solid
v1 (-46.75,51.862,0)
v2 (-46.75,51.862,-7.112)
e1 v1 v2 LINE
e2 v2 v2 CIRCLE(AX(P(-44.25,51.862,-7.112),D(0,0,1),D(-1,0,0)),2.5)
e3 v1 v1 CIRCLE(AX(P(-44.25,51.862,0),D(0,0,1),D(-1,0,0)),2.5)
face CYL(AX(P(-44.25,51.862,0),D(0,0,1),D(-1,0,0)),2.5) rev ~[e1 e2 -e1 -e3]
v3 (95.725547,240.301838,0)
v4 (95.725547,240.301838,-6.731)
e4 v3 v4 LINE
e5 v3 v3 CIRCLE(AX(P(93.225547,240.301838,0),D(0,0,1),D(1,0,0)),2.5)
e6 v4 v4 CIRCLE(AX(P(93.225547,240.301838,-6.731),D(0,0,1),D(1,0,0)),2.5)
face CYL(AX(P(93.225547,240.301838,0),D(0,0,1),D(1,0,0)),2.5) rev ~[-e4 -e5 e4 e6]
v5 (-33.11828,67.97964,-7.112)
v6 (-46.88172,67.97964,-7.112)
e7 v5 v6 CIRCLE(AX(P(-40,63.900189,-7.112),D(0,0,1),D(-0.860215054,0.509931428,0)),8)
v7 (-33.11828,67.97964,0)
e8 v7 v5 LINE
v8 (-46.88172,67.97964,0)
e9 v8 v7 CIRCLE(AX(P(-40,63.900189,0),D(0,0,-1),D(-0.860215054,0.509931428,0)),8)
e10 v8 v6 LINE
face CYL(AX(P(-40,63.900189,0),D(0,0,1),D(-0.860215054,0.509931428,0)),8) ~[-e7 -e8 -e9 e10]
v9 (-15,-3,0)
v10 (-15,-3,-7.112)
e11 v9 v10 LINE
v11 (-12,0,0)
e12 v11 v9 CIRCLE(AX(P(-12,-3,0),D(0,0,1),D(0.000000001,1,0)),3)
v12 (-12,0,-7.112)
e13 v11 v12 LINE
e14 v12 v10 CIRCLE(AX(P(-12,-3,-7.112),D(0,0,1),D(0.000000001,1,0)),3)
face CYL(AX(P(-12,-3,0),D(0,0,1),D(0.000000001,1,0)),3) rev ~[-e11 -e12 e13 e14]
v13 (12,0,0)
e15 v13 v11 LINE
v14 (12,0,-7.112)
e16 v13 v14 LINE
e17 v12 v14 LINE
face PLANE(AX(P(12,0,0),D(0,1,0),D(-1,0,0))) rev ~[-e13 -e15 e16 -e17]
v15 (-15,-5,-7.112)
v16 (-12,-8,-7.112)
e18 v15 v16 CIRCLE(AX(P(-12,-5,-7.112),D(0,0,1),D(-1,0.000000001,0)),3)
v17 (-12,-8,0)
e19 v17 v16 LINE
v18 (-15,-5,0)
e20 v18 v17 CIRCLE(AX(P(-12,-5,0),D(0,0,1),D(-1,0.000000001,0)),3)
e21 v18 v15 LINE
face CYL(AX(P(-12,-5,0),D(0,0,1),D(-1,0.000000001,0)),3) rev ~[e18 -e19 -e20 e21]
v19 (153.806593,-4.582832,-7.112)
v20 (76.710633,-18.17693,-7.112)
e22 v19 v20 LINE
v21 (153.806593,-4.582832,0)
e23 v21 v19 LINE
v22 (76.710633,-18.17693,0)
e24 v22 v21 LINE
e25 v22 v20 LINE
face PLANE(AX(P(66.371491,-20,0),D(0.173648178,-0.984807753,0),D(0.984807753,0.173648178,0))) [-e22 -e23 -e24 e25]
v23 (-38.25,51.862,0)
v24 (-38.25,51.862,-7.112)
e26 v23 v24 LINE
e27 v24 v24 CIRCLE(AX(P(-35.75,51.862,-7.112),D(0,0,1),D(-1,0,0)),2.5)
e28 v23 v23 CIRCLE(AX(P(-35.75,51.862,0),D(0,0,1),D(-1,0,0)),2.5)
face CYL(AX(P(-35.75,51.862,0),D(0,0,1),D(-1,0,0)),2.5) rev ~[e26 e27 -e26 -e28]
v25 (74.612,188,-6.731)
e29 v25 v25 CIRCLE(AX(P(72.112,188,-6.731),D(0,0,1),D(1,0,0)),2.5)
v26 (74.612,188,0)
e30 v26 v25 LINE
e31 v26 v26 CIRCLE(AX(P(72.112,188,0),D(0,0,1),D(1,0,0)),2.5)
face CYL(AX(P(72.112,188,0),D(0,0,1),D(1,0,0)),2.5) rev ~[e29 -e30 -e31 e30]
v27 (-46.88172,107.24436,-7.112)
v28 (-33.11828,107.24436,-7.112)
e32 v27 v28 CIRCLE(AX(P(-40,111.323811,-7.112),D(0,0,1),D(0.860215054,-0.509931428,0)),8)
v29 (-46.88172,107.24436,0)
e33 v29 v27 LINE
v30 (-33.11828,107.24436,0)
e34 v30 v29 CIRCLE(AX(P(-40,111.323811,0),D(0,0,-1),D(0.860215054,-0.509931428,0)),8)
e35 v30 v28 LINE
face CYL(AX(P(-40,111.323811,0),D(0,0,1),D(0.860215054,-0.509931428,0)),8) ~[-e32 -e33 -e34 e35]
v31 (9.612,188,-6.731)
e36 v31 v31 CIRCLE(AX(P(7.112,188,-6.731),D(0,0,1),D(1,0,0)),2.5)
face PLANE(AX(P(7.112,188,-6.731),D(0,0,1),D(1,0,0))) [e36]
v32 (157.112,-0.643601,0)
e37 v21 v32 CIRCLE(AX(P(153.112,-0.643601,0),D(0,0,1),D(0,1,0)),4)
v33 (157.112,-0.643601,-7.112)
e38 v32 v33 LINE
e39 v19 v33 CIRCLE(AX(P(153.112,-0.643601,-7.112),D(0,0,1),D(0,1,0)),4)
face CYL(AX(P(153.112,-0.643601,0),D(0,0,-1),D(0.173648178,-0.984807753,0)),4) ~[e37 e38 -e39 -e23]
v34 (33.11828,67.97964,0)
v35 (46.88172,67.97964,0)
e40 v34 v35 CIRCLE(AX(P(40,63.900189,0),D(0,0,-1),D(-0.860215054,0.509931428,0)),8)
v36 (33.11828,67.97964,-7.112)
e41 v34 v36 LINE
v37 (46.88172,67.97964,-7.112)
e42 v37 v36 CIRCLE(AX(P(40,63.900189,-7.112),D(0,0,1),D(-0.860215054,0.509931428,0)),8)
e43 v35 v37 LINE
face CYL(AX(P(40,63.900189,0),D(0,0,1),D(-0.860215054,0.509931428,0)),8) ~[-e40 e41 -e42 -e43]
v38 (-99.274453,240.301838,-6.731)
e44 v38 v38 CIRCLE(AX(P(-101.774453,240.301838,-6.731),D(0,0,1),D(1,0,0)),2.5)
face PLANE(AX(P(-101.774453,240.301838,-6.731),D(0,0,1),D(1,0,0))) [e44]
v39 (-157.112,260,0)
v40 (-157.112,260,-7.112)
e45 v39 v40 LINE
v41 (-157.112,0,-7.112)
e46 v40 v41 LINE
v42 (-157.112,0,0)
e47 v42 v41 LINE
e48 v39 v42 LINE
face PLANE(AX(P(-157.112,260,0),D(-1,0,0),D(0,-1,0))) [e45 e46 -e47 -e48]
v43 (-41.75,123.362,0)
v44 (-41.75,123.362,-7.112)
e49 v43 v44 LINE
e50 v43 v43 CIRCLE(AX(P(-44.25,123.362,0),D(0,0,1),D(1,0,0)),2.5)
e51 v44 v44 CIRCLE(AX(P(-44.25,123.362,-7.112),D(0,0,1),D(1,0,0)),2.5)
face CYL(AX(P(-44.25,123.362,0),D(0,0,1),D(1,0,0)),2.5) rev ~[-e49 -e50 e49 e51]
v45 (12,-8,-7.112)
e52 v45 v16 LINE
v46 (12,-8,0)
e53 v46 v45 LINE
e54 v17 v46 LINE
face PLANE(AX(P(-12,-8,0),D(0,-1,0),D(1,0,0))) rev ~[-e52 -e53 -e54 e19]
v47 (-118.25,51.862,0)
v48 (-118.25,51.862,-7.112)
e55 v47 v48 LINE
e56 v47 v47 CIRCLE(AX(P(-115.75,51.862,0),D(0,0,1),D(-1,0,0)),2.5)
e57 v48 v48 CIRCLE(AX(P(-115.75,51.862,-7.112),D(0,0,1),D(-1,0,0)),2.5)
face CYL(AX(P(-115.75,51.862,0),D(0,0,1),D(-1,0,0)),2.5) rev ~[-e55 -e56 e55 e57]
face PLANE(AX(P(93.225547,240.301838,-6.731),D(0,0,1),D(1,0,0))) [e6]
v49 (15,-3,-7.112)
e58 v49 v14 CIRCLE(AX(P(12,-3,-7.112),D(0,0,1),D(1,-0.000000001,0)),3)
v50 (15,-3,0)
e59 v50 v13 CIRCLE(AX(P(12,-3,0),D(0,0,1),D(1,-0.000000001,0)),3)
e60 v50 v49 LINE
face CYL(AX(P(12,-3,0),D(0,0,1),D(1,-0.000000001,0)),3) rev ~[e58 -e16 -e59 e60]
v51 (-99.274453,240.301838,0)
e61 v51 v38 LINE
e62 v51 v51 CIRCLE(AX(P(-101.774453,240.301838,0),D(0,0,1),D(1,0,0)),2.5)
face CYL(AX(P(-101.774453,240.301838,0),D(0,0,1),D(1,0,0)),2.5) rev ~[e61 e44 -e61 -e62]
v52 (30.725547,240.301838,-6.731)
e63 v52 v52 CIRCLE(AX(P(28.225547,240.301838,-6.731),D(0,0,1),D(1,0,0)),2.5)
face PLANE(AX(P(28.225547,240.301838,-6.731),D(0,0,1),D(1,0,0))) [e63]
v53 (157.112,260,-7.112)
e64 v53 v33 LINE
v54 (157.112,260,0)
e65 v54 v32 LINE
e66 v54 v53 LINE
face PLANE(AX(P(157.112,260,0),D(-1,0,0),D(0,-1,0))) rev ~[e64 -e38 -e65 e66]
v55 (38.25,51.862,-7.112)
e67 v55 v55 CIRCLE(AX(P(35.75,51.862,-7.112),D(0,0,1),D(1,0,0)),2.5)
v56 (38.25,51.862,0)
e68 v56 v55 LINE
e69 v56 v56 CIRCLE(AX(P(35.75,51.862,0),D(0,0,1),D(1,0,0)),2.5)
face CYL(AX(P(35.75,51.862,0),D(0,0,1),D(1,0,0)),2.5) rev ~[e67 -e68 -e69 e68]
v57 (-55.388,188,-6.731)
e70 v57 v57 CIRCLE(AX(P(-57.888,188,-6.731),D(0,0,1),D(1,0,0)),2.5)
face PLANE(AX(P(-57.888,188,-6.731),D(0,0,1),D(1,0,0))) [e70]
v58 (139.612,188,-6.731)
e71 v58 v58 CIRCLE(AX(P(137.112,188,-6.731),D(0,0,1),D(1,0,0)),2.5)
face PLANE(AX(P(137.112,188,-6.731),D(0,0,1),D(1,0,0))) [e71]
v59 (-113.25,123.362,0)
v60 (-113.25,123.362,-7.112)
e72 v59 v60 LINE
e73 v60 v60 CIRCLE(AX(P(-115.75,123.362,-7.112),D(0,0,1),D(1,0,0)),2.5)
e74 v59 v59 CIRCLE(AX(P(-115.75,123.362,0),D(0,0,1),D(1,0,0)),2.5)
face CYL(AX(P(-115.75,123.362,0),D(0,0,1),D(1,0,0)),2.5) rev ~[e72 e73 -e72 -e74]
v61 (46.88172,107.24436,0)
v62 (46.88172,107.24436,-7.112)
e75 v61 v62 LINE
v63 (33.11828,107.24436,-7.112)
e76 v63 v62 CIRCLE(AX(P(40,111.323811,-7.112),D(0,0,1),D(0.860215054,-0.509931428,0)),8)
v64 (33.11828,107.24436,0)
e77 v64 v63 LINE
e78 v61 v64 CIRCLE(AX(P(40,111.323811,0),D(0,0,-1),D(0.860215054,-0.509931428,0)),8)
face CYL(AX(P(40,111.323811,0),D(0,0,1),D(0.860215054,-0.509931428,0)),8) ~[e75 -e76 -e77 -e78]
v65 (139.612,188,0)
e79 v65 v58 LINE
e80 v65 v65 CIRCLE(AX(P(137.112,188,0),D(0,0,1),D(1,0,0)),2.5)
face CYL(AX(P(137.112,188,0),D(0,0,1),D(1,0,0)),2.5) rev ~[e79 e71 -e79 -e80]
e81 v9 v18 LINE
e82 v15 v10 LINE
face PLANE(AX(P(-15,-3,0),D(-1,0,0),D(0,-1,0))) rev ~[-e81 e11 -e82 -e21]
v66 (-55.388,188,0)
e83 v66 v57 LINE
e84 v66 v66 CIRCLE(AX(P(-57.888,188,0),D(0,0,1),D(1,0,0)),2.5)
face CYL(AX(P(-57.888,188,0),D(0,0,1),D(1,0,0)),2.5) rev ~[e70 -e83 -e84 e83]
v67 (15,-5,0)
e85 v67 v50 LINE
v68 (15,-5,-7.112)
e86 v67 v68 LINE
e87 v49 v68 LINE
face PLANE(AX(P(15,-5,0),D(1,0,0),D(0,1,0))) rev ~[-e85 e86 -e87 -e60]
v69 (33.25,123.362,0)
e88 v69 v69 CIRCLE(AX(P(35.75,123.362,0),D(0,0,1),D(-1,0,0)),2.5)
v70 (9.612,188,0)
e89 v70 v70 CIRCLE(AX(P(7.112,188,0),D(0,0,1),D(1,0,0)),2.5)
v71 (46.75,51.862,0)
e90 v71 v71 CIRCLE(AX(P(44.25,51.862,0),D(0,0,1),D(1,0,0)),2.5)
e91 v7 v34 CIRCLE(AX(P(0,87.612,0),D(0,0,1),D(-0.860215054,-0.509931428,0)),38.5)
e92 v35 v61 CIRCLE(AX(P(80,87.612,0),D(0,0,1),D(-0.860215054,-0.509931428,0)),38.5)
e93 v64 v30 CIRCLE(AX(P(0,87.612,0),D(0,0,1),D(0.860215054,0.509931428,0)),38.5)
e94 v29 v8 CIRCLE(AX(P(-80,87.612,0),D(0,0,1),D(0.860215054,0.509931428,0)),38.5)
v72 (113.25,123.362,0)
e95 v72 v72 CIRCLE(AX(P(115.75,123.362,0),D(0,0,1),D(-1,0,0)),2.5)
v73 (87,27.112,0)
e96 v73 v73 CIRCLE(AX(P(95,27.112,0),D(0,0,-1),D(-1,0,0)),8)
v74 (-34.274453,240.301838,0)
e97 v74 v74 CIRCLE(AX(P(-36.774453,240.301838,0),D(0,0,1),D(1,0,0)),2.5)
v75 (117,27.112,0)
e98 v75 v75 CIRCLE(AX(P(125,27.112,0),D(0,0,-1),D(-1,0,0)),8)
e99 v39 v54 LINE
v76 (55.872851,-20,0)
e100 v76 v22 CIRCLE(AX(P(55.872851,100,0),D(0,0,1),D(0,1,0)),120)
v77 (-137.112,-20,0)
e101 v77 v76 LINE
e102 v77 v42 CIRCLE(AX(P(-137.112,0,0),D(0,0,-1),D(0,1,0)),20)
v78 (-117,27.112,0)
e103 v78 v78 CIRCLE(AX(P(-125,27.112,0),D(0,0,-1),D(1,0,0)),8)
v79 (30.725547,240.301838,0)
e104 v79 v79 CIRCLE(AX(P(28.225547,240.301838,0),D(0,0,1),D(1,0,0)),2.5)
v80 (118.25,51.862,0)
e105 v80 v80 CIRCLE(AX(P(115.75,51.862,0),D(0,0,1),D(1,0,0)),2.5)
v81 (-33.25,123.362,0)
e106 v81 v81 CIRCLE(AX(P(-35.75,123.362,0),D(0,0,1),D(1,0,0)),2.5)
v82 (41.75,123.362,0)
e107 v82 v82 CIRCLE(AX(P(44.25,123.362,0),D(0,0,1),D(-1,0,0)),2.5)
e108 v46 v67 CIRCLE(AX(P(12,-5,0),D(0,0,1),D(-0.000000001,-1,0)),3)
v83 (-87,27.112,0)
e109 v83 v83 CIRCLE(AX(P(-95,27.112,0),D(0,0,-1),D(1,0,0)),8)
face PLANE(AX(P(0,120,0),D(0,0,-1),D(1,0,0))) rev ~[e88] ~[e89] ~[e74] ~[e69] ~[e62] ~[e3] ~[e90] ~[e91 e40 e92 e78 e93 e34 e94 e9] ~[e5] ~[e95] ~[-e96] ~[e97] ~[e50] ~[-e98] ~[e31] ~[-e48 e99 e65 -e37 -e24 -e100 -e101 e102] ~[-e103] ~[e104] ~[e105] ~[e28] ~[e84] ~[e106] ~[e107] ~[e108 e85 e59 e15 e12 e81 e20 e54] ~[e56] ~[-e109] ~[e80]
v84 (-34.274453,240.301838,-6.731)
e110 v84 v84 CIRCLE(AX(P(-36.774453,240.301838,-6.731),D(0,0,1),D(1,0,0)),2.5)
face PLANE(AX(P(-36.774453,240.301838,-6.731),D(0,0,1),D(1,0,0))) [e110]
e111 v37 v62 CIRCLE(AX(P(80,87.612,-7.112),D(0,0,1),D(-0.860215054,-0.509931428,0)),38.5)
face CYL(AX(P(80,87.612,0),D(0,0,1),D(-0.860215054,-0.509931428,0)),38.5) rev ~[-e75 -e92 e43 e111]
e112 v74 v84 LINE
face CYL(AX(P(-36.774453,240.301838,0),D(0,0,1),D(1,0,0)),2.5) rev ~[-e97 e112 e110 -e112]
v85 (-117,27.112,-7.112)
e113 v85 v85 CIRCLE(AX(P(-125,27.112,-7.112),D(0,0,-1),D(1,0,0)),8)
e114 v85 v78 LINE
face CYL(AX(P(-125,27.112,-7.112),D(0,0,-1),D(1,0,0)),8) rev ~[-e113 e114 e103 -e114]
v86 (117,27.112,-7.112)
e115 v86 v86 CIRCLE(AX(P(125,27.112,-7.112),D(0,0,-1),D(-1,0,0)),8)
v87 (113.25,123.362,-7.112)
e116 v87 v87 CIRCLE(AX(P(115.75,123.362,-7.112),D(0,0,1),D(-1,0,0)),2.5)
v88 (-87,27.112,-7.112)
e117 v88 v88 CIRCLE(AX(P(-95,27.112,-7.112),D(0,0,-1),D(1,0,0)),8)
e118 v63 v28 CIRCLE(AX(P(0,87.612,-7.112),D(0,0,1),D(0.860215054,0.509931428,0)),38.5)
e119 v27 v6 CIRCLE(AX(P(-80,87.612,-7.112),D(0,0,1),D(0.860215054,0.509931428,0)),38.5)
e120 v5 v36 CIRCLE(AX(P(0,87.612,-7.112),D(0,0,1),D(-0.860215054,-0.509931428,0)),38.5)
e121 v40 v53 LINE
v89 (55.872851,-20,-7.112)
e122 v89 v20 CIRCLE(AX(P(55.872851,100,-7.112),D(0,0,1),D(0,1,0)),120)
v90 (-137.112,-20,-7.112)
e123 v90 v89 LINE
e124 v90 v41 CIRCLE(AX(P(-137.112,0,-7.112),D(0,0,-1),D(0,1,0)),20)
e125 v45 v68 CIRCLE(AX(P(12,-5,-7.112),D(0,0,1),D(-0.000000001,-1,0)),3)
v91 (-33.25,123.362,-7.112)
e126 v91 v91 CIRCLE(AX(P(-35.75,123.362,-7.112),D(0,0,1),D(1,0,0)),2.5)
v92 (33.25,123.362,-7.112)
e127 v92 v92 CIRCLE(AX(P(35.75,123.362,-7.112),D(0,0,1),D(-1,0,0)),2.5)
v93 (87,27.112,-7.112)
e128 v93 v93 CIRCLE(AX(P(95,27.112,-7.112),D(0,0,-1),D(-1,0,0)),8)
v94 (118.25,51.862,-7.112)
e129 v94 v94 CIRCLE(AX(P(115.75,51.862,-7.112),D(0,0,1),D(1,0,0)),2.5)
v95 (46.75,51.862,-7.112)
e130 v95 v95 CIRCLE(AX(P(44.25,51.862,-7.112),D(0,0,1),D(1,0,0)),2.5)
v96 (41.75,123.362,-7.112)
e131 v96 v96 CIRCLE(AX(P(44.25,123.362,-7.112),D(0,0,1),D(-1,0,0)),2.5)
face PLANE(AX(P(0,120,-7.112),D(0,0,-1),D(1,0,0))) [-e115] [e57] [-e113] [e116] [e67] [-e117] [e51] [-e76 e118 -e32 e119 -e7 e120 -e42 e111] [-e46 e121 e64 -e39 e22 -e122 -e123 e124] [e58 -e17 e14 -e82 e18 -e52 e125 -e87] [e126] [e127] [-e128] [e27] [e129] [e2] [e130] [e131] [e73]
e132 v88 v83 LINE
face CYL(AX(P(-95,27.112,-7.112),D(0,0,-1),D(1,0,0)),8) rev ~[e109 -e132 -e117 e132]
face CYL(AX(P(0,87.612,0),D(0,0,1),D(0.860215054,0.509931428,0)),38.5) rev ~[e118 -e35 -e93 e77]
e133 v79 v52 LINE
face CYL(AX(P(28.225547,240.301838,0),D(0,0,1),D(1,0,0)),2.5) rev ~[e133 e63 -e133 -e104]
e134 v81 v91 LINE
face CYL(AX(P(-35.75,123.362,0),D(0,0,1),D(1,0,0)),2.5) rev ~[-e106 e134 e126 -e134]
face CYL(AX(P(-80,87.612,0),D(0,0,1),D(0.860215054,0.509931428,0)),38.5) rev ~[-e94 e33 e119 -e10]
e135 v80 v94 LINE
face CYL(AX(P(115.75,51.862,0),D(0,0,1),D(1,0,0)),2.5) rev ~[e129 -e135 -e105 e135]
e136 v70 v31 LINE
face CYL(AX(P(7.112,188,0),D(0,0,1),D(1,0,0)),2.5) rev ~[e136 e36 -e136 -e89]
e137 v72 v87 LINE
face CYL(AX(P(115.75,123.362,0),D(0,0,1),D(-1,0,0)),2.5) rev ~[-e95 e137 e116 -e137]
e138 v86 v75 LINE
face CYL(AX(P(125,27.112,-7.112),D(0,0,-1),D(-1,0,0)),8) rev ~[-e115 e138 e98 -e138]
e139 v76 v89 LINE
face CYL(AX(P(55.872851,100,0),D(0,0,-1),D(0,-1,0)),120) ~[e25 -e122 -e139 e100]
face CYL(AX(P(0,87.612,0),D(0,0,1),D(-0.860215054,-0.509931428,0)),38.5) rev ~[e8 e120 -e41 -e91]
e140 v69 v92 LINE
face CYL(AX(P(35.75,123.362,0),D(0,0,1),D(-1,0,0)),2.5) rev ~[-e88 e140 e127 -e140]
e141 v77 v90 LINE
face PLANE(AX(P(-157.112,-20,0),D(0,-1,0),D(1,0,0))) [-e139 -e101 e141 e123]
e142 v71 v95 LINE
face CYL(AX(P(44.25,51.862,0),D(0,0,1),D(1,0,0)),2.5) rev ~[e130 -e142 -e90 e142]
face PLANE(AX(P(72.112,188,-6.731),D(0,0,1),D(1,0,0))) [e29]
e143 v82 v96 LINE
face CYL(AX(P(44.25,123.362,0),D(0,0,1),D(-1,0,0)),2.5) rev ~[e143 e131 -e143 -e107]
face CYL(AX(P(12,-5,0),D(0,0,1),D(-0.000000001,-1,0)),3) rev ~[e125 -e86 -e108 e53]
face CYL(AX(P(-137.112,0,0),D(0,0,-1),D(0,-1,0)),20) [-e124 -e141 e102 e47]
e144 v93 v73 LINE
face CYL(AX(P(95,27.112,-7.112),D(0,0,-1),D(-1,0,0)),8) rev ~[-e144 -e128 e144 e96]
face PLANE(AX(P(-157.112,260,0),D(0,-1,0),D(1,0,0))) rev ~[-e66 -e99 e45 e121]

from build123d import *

# Parameters (mm, degrees)
SKETCH1_W           = 314.224
SKETCH1_H           = 280
BOSS_EXTRUDE1_DEPTH = 7.112
SKETCH2_R           = 2.5
CUT_EXTRUDE1_DEPTH  = 304.866353991
SKETCH3_R           = 2.5
CUT_EXTRUDE2_DEPTH  = 6.731
SKETCH6_R           = 8
CUT_EXTRUDE5_DEPTH  = 304.866353991
LPATTERN1_COUNT     = 4
LPATTERN1_PITCH     = 65
CUT_EXTRUDE3_DEPTH  = 304.866353991
CUT_EXTRUDE4_DEPTH  = 304.866353991
FILLET1_R           = 120
FILLET2_R           = 20
FILLET3_R           = 4


with BuildPart() as part:
    # Sketch1 → Boss-Extrude1 (new body)
    with BuildSketch(Plane(origin=(0, 0, 0), x_dir=(1, 0, 0), z_dir=(0, 0, -1))):
        with Locations((0, -120)):
            Rectangle(SKETCH1_W, SKETCH1_H)
    extrude(amount=BOSS_EXTRUDE1_DEPTH)

    # Sketch2 → Cut-Extrude1 (cut, through all)
    with BuildSketch(Plane.XY):
        with Locations((-115.75, 123.362)):
            Circle(SKETCH2_R)
        with Locations((-44.25, 123.362)):
            Circle(SKETCH2_R)
        with Locations((-35.75, 123.362)):
            Circle(SKETCH2_R)
        with Locations(Location((-115.75, 51.862, 0), (0, 0, 180))):
            Circle(SKETCH2_R)
        with Locations(Location((-44.25, 51.862, 0), (0, 0, 180))):
            Circle(SKETCH2_R)
        with Locations(Location((-35.75, 51.862, 0), (0, 0, 180))):
            Circle(SKETCH2_R)
        with Locations((115.75, 51.862)):
            Circle(SKETCH2_R)
        with Locations((44.25, 51.862)):
            Circle(SKETCH2_R)
        with Locations((35.75, 51.862)):
            Circle(SKETCH2_R)
        with Locations(Location((35.75, 123.362, 0), (0, 0, 180))):
            Circle(SKETCH2_R)
        with Locations(Location((44.25, 123.362, 0), (0, 0, 180))):
            Circle(SKETCH2_R)
        with Locations(Location((115.75, 123.362, 0), (0, 0, 180))):
            Circle(SKETCH2_R)
        with BuildLine():
            ThreePointArc((33.11827957, 107.244359979), (0, 126.112), (-33.11827957, 107.244359979))
            ThreePointArc((-33.11827957, 107.244359979), (-40, 103.323811403), (-46.88172043, 107.244359979))
            ThreePointArc((-46.88172043, 107.244359979), (-118.5, 87.612), (-46.88172043, 67.979640021))
            ThreePointArc((-46.88172043, 67.979640021), (-40, 71.900188597), (-33.11827957, 67.979640021))
            ThreePointArc((-33.11827957, 67.979640021), (0, 49.112), (33.11827957, 67.979640021))
            ThreePointArc((33.11827957, 67.979640021), (40, 71.900188597), (46.88172043, 67.979640021))
            ThreePointArc((46.88172043, 67.979640021), (118.5, 87.612), (46.88172043, 107.244359979))
            ThreePointArc((46.88172043, 107.244359979), (40, 103.323811403), (33.11827957, 107.244359979))
        make_face()
    extrude(amount=-CUT_EXTRUDE1_DEPTH, mode=Mode.SUBTRACT)

    # Sketch3 → Cut-Extrude2 (cut)
    with BuildSketch(Plane.XY):
        with Locations((137.112, 188)):
            Circle(SKETCH3_R)
        with Locations((93.225547391, 240.301837563)):
            Circle(SKETCH3_R)
    cut_extrude2 = extrude(amount=-CUT_EXTRUDE2_DEPTH, mode=Mode.SUBTRACT)

    # Sketch6 → Cut-Extrude5 (cut, through all)
    with BuildSketch(Plane(origin=(0, 0, -7.112), x_dir=(-1, 0, 0), z_dir=(0, 0, -1))):
        with Locations((-125, 27.112)):
            Circle(SKETCH6_R)
        with Locations((-95, 27.112)):
            Circle(SKETCH6_R)
        with Locations(Location((95, 27.112, 0), (0, 0, 180))):
            Circle(SKETCH6_R)
        with Locations(Location((125, 27.112, 0), (0, 0, 180))):
            Circle(SKETCH6_R)
    extrude(amount=-CUT_EXTRUDE5_DEPTH, mode=Mode.SUBTRACT)

    # LPattern1: Cut-Extrude2 ×4
    with Locations(*[(-i * LPATTERN1_PITCH, 0, 0) for i in range(1, LPATTERN1_COUNT)]):
        add(cut_extrude2, mode=Mode.SUBTRACT)

    # Sketch4 → Cut-Extrude3 (cut, through all)
    with BuildSketch(Plane.XY):
        with BuildLine():
            Line((-12, -8), (12, -8))
            ThreePointArc((12, -8), (14.121320344, -7.121320344), (15, -5))
            Line((15, -5), (15, -3))
            ThreePointArc((15, -3), (14.121320344, -0.878679656), (12, 0))
            Line((12, 0), (-12, 0))
            ThreePointArc((-12, 0), (-14.121320344, -0.878679656), (-15, -3))
            Line((-15, -3), (-15, -5))
            ThreePointArc((-15, -5), (-14.121320344, -7.121320344), (-12, -8))
        make_face()
    extrude(amount=-CUT_EXTRUDE3_DEPTH, mode=Mode.SUBTRACT)

    # Sketch5 → Cut-Extrude4 (cut, through all)
    with BuildSketch(Plane.XY):
        Polygon((66.371490886, -20), (157.112, -4), (157.112, -20), align=None)
    extrude(amount=-CUT_EXTRUDE4_DEPTH, mode=Mode.SUBTRACT)

    # Fillet1
    fillet1_edges = [part.edges().sort_by_distance(p)[0] for p in [
        (66.371490886, -20, -3.556),
    ]]
    fillet(fillet1_edges, radius=FILLET1_R)

    # Fillet2
    fillet2_edges = [part.edges().sort_by_distance(p)[0] for p in [
        (-157.112, -20, -3.556),
    ]]
    fillet(fillet2_edges, radius=FILLET2_R)

    # Fillet3
    fillet3_edges = [part.edges().sort_by_distance(p)[0] for p in [
        (157.112, -4, -3.556),
    ]]
    fillet(fillet3_edges, radius=FILLET3_R)


solid = part.part
